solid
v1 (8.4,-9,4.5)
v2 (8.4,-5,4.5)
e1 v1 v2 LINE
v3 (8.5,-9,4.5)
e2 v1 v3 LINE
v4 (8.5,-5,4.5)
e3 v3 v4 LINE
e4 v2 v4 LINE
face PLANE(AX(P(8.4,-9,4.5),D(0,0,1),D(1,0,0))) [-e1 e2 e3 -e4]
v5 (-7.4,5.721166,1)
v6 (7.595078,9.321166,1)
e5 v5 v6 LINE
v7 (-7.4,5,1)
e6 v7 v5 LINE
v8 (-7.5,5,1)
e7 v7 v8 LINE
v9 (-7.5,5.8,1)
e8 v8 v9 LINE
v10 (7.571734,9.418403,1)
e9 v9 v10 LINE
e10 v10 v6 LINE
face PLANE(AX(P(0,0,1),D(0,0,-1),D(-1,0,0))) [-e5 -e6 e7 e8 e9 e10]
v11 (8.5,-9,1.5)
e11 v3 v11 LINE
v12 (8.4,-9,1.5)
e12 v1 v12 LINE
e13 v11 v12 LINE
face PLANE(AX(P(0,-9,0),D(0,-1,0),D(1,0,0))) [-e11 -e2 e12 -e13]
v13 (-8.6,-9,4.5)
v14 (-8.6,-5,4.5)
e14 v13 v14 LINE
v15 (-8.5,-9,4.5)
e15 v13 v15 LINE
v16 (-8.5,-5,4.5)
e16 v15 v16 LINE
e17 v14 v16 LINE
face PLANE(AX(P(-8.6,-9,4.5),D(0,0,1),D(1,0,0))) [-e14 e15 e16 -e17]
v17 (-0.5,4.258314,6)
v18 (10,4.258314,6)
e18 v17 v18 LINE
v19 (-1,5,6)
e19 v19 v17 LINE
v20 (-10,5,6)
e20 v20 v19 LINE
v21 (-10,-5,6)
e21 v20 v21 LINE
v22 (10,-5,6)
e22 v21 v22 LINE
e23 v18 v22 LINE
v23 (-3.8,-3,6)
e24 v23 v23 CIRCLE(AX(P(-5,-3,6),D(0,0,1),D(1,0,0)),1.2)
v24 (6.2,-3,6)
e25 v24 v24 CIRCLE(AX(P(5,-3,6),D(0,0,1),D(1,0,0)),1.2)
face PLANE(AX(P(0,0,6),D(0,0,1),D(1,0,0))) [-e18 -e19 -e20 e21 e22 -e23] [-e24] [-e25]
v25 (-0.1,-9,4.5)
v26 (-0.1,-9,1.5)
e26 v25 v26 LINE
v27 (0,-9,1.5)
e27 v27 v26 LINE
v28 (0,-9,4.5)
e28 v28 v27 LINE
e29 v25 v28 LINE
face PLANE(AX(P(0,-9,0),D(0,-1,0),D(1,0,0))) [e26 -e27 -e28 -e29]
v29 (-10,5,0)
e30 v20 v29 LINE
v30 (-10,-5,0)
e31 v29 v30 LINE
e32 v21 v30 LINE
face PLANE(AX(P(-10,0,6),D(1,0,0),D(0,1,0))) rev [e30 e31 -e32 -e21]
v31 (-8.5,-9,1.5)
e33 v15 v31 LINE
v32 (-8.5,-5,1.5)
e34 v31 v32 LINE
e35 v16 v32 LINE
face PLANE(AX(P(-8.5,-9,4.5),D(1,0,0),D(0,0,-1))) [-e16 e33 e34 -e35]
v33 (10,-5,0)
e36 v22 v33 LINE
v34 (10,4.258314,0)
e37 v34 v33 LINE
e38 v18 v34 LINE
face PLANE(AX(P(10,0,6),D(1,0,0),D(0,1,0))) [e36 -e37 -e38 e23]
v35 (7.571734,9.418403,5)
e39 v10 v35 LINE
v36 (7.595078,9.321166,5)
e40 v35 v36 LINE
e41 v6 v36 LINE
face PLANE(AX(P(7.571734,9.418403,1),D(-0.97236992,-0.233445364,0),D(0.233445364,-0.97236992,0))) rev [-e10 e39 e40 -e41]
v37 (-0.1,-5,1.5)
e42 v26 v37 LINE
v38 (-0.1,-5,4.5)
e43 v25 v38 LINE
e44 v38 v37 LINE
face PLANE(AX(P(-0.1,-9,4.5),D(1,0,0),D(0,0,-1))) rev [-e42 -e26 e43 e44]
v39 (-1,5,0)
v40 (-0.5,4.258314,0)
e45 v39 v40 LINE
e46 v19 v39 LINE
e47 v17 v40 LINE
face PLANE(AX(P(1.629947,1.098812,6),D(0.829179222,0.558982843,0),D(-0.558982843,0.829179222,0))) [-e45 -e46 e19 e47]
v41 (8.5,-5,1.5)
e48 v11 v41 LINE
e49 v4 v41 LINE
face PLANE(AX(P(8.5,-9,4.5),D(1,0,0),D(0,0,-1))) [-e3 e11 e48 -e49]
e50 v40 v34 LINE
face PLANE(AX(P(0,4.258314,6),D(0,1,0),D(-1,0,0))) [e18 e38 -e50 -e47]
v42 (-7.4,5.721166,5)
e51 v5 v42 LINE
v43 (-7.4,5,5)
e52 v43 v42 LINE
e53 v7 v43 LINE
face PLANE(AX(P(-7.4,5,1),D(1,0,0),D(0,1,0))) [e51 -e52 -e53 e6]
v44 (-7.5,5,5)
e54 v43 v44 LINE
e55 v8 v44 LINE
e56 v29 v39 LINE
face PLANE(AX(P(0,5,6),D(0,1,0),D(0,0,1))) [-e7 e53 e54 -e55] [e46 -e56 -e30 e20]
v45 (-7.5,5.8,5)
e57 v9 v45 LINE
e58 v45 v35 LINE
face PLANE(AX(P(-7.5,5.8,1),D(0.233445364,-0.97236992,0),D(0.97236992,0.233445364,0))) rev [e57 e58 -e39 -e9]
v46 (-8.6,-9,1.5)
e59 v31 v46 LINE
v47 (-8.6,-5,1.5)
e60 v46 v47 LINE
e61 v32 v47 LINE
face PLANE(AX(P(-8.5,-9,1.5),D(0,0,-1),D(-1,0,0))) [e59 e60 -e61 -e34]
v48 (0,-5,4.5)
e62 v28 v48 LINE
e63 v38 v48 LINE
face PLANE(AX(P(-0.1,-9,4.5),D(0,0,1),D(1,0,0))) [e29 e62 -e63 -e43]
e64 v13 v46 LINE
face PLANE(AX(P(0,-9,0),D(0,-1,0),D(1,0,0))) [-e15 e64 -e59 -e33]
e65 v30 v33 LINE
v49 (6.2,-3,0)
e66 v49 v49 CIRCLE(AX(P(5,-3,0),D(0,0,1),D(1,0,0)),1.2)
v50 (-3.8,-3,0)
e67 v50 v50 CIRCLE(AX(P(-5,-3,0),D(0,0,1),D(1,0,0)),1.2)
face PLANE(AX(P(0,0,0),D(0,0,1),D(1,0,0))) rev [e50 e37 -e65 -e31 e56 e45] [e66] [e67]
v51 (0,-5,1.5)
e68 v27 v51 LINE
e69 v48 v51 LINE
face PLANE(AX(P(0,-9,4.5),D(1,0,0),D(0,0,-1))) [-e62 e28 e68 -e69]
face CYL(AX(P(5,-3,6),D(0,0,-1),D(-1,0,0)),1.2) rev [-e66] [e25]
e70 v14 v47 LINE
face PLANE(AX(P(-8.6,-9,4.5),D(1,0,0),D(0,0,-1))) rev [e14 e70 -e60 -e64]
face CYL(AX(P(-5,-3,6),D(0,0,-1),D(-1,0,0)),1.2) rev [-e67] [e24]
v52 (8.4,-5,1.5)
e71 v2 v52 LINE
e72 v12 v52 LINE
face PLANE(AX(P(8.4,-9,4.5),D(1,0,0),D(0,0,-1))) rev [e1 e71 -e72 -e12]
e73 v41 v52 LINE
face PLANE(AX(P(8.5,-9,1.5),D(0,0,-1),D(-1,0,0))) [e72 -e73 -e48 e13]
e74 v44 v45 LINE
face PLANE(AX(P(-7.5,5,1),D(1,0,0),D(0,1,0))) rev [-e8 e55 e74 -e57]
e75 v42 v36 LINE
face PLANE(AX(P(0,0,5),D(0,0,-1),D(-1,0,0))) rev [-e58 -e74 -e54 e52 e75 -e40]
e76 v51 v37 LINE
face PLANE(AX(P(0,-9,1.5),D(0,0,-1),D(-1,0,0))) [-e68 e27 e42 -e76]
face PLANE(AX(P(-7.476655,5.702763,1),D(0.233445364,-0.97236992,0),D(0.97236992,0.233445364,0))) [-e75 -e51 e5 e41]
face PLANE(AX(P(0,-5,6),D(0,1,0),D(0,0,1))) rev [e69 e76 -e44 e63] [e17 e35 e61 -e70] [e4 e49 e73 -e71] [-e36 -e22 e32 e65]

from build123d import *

# Parameters (mm, degrees)
SKETCH1_R           = 1.2
BOSS_EXTRUDE1_DEPTH = 6
EXTRUDE_THIN1_START = -1
EXTRUDE_THIN1_DEPTH = 4
SKETCH3_W           = 0.1
SKETCH3_H           = 3
EXTRUDE_THIN2_DEPTH = 4


with BuildPart() as part:
    # Sketch1 → Boss-Extrude1 (new body)
    with BuildSketch(Plane.XY):
        Polygon((-0.5, 4.258314247), (-1, 5), (-10, 5), (-10, -5), (10, -5), (10, 4.258314247), align=None)
        with Locations((-5, -3)):
            Circle(SKETCH1_R, mode=Mode.SUBTRACT)
        with Locations((5, -3)):
            Circle(SKETCH1_R, mode=Mode.SUBTRACT)
    extrude(amount=BOSS_EXTRUDE1_DEPTH)

    # Sketch2 → Extrude-Thin1 (add)
    with BuildSketch(Plane.XY.offset(6).offset(EXTRUDE_THIN1_START)):
        Polygon((-7.5, 5), (-7.5, 5.8), (7.571733766, 9.41840314), (7.595078303, 9.321166148), (-7.4, 5.721166357), (-7.4, 5), align=None)
    extrude(amount=-EXTRUDE_THIN1_DEPTH)

    # Sketch3 → Extrude-Thin2 (add)
    with BuildSketch(Plane.XZ.offset(5)):
        with Locations((-8.55, 3)):
            Rectangle(SKETCH3_W, SKETCH3_H)
        with Locations((8.45, 3)):
            Rectangle(SKETCH3_W, SKETCH3_H)
        with Locations((-0.05, 3)):
            Rectangle(SKETCH3_W, SKETCH3_H)
    extrude(amount=EXTRUDE_THIN2_DEPTH)


solid = part.part
